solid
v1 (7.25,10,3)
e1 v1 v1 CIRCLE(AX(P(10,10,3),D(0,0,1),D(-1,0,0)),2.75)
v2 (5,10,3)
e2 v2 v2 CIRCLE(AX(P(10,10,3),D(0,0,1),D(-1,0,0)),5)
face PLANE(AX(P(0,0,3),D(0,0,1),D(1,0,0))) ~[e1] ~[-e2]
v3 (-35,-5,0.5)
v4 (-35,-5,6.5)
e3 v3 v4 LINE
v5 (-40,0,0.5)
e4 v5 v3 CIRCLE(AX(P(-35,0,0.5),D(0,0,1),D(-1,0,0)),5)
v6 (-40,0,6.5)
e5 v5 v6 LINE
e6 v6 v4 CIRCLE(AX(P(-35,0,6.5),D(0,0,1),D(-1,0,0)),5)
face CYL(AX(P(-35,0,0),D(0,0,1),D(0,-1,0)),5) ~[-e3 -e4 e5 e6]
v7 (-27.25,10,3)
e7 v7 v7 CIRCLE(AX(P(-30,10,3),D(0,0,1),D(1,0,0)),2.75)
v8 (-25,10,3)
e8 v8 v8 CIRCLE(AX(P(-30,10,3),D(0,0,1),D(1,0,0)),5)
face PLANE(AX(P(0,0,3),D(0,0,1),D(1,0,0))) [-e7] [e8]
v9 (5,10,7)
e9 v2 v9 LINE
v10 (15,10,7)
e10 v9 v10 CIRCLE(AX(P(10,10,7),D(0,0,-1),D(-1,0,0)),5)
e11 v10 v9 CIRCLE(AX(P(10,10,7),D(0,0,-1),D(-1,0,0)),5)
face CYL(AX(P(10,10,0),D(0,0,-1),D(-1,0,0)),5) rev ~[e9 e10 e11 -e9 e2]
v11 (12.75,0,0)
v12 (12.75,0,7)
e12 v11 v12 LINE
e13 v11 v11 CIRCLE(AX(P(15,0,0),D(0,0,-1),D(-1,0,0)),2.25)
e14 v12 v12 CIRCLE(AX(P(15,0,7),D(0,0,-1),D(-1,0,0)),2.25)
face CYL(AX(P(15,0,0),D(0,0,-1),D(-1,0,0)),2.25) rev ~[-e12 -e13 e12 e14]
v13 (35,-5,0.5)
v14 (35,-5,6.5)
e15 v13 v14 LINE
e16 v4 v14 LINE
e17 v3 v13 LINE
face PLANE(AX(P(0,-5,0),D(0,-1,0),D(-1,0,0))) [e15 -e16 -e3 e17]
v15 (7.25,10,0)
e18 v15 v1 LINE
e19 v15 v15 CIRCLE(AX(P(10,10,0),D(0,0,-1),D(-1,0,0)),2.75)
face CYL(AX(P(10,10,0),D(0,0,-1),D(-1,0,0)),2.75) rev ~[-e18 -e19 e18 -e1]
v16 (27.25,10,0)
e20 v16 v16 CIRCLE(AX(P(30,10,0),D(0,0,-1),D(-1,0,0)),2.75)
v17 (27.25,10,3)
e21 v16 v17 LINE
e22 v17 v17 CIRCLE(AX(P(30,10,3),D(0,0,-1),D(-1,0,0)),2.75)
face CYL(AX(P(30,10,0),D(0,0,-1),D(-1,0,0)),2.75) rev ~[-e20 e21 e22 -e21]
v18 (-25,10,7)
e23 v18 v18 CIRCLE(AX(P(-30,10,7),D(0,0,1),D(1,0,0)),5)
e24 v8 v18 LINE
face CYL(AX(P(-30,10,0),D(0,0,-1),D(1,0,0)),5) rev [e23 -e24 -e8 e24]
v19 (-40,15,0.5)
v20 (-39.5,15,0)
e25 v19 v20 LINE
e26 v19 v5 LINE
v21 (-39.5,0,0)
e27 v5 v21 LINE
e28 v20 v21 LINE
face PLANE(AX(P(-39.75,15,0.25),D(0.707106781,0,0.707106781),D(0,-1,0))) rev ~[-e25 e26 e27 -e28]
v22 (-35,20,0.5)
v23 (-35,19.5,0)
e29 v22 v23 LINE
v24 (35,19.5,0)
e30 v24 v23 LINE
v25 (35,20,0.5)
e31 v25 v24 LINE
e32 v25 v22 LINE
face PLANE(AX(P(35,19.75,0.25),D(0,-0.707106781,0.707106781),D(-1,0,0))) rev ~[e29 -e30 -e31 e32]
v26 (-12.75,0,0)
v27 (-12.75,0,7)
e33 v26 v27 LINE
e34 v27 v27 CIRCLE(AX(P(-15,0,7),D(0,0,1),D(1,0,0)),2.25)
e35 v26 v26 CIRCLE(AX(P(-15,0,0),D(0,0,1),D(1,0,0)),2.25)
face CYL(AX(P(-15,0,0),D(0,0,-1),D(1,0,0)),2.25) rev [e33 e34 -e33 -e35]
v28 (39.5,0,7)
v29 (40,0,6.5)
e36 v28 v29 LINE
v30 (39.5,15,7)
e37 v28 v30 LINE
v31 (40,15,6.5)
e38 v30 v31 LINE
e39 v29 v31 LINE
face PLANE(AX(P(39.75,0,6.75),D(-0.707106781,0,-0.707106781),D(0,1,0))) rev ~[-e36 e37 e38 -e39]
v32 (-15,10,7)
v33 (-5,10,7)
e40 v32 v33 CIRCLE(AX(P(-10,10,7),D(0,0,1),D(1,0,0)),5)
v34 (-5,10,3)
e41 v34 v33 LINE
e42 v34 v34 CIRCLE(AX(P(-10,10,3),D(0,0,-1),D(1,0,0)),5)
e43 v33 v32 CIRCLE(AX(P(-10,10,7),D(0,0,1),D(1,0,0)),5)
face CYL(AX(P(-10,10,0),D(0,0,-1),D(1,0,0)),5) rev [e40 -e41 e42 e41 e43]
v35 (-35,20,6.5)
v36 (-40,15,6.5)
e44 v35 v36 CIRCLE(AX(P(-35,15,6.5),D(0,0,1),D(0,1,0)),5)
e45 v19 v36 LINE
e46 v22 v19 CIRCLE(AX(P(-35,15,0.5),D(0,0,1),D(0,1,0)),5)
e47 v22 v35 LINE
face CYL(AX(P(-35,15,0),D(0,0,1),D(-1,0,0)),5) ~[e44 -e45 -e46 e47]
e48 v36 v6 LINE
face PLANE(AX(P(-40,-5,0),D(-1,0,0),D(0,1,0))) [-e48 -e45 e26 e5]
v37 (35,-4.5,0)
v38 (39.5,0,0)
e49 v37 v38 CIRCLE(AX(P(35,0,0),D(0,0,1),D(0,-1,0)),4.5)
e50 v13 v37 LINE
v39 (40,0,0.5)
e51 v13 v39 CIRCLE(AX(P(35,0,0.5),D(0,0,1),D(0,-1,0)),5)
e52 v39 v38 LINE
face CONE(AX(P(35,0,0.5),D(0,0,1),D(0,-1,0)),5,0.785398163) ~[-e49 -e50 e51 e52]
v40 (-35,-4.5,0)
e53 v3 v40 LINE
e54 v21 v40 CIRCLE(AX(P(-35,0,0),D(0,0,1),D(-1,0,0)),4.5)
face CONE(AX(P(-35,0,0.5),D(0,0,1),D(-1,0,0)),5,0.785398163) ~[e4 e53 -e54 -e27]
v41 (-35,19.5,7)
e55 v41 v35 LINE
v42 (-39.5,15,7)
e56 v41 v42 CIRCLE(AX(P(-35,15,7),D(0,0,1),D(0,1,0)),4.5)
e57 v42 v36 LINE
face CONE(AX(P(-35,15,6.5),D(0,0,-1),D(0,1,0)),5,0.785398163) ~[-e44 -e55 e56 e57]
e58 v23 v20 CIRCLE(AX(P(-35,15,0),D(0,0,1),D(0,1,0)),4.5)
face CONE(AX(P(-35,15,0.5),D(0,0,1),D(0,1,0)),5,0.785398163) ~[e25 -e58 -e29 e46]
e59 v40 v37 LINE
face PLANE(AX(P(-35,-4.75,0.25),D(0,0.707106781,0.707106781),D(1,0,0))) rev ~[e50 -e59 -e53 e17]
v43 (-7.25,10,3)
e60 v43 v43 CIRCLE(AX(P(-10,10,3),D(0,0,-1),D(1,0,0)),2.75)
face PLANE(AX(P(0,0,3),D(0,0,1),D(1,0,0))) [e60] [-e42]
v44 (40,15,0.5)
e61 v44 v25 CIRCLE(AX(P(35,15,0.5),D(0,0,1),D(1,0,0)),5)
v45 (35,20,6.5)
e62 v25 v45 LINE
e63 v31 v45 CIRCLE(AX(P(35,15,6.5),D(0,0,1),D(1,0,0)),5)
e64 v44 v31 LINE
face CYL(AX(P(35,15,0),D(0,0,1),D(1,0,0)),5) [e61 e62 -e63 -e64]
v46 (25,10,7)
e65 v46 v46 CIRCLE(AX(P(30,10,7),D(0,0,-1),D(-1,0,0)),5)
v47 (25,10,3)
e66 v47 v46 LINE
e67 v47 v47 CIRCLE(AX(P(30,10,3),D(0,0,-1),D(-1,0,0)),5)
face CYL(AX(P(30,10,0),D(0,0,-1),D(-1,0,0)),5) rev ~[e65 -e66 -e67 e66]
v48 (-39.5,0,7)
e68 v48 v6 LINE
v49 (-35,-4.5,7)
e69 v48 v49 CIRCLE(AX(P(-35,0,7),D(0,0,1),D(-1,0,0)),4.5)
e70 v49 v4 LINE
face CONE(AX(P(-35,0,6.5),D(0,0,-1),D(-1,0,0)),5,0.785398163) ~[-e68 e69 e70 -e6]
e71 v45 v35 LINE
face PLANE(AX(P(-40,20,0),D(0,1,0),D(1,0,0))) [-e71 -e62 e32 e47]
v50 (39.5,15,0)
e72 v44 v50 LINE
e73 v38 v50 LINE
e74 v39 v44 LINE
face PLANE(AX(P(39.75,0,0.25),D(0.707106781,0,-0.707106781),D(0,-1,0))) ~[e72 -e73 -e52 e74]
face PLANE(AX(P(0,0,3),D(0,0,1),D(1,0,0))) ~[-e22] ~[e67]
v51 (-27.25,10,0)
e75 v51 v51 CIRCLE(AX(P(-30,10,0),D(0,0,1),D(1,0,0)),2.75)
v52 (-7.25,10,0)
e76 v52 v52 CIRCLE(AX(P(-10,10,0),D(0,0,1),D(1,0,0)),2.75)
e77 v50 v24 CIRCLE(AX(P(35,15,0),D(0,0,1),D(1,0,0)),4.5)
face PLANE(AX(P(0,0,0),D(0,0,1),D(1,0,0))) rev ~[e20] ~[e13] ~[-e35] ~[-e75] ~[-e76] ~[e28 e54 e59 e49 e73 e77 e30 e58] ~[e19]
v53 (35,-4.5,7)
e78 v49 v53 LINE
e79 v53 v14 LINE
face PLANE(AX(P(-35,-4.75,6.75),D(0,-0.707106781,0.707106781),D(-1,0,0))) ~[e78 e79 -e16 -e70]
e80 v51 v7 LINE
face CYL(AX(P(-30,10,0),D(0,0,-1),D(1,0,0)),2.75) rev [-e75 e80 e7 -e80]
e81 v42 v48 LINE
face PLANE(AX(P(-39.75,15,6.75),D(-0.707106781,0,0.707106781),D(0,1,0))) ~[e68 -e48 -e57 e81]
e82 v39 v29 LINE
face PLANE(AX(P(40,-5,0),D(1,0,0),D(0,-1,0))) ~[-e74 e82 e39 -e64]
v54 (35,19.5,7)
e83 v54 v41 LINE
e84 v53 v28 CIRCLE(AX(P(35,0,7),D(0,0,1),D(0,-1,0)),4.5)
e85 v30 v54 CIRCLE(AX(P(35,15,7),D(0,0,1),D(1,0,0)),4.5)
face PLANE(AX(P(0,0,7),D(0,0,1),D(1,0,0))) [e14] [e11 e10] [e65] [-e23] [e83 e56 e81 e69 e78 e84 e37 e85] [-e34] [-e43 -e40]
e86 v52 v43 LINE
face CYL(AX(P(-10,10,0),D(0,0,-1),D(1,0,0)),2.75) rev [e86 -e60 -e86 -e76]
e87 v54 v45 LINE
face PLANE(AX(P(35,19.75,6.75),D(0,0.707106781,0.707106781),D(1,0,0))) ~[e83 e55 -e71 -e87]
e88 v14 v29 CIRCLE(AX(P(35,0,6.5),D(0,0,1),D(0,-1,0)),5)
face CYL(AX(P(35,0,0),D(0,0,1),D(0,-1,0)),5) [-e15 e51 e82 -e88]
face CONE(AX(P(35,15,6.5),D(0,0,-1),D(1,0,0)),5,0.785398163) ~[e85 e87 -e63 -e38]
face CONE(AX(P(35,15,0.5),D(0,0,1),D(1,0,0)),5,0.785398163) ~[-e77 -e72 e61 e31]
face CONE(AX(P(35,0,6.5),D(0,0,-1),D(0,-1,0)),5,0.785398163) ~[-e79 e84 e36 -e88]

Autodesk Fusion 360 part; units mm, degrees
sketch "Skizze1" plane through (0, 0, 0) normal (0, 0, 1) x (1, 0, 0)
  circle A0 centre (-15, 0) radius 2.25
  circle A1 centre (-30, 10) radius 2.75
  line L0 (-40, 20) -> (0, 20)
  line L1 (0, 20) -> (0, -5)
  line L2 (0, -5) -> (-40, -5)
  line L3 (-40, -5) -> (-40, 20)
  circle A2 centre (-10, 10) radius 2.75
  line L4 (-30, 10) -> (0, 10)
  circle A3 centre (-10, 10) radius 5
  circle A4 centre (-30, 10) radius 5
  line L5 (-15, 0) -> (0, 0)
  dimension "d1" = 4.5
  dimension "d2" = 15
  dimension "d4" = 5.5
  dimension "d5" = 40
  dimension "d16" = 30
  dimension "d17" = 20
  dimension "d18" = 10
  dimension "d19" = 10
  dimension "d20" = 10
  dimension "d21" = 5
extrude "Extrusion1" add sketch "Skizze1" along normal blind 7 contours L0 L1 L2 L3
extrude "Extrusion2" add sketch "Skizze1" along normal blind 3 contours A4 | A2 L4 A3 | A2 L4 A3
fillet "Abrundung1" radius 5 2 edges at (-40, 20, 3.5) (-40, -5, 3.5)
mirror "Spiegeln1" about plane through (0, 20, 0) normal (1, 0, 0) of bodies 1 merged
chamfer "Fase1" distance 0.5 angle 45 16 edges at (0, 20, 7) (38.5355, 18.5355, 7) (40, 7.5, 7) (38.5355, -3.5355, 7) (0, -5, 7) (-38.5355, -3.5355, 7) (-40, 7.5, 7) (-38.5355, 18.5355, 7) (0, -5, 0) (-38.5355, -3.5355, 0) (-40, 7.5, 0) (-38.5355, 18.5355, 0) (0, 20, 0) (38.5355, 18.5355, 0) (40, 7.5, 0) (38.5355, -3.5355, 0)
equation "d2 = ( 30 / 2 ) * 1 mm"
equation "d5 = ( 80 / 2 ) * 1 mm"
equation "d16 = ( 80 / 2 ) * 1 mm - 10 mm"
